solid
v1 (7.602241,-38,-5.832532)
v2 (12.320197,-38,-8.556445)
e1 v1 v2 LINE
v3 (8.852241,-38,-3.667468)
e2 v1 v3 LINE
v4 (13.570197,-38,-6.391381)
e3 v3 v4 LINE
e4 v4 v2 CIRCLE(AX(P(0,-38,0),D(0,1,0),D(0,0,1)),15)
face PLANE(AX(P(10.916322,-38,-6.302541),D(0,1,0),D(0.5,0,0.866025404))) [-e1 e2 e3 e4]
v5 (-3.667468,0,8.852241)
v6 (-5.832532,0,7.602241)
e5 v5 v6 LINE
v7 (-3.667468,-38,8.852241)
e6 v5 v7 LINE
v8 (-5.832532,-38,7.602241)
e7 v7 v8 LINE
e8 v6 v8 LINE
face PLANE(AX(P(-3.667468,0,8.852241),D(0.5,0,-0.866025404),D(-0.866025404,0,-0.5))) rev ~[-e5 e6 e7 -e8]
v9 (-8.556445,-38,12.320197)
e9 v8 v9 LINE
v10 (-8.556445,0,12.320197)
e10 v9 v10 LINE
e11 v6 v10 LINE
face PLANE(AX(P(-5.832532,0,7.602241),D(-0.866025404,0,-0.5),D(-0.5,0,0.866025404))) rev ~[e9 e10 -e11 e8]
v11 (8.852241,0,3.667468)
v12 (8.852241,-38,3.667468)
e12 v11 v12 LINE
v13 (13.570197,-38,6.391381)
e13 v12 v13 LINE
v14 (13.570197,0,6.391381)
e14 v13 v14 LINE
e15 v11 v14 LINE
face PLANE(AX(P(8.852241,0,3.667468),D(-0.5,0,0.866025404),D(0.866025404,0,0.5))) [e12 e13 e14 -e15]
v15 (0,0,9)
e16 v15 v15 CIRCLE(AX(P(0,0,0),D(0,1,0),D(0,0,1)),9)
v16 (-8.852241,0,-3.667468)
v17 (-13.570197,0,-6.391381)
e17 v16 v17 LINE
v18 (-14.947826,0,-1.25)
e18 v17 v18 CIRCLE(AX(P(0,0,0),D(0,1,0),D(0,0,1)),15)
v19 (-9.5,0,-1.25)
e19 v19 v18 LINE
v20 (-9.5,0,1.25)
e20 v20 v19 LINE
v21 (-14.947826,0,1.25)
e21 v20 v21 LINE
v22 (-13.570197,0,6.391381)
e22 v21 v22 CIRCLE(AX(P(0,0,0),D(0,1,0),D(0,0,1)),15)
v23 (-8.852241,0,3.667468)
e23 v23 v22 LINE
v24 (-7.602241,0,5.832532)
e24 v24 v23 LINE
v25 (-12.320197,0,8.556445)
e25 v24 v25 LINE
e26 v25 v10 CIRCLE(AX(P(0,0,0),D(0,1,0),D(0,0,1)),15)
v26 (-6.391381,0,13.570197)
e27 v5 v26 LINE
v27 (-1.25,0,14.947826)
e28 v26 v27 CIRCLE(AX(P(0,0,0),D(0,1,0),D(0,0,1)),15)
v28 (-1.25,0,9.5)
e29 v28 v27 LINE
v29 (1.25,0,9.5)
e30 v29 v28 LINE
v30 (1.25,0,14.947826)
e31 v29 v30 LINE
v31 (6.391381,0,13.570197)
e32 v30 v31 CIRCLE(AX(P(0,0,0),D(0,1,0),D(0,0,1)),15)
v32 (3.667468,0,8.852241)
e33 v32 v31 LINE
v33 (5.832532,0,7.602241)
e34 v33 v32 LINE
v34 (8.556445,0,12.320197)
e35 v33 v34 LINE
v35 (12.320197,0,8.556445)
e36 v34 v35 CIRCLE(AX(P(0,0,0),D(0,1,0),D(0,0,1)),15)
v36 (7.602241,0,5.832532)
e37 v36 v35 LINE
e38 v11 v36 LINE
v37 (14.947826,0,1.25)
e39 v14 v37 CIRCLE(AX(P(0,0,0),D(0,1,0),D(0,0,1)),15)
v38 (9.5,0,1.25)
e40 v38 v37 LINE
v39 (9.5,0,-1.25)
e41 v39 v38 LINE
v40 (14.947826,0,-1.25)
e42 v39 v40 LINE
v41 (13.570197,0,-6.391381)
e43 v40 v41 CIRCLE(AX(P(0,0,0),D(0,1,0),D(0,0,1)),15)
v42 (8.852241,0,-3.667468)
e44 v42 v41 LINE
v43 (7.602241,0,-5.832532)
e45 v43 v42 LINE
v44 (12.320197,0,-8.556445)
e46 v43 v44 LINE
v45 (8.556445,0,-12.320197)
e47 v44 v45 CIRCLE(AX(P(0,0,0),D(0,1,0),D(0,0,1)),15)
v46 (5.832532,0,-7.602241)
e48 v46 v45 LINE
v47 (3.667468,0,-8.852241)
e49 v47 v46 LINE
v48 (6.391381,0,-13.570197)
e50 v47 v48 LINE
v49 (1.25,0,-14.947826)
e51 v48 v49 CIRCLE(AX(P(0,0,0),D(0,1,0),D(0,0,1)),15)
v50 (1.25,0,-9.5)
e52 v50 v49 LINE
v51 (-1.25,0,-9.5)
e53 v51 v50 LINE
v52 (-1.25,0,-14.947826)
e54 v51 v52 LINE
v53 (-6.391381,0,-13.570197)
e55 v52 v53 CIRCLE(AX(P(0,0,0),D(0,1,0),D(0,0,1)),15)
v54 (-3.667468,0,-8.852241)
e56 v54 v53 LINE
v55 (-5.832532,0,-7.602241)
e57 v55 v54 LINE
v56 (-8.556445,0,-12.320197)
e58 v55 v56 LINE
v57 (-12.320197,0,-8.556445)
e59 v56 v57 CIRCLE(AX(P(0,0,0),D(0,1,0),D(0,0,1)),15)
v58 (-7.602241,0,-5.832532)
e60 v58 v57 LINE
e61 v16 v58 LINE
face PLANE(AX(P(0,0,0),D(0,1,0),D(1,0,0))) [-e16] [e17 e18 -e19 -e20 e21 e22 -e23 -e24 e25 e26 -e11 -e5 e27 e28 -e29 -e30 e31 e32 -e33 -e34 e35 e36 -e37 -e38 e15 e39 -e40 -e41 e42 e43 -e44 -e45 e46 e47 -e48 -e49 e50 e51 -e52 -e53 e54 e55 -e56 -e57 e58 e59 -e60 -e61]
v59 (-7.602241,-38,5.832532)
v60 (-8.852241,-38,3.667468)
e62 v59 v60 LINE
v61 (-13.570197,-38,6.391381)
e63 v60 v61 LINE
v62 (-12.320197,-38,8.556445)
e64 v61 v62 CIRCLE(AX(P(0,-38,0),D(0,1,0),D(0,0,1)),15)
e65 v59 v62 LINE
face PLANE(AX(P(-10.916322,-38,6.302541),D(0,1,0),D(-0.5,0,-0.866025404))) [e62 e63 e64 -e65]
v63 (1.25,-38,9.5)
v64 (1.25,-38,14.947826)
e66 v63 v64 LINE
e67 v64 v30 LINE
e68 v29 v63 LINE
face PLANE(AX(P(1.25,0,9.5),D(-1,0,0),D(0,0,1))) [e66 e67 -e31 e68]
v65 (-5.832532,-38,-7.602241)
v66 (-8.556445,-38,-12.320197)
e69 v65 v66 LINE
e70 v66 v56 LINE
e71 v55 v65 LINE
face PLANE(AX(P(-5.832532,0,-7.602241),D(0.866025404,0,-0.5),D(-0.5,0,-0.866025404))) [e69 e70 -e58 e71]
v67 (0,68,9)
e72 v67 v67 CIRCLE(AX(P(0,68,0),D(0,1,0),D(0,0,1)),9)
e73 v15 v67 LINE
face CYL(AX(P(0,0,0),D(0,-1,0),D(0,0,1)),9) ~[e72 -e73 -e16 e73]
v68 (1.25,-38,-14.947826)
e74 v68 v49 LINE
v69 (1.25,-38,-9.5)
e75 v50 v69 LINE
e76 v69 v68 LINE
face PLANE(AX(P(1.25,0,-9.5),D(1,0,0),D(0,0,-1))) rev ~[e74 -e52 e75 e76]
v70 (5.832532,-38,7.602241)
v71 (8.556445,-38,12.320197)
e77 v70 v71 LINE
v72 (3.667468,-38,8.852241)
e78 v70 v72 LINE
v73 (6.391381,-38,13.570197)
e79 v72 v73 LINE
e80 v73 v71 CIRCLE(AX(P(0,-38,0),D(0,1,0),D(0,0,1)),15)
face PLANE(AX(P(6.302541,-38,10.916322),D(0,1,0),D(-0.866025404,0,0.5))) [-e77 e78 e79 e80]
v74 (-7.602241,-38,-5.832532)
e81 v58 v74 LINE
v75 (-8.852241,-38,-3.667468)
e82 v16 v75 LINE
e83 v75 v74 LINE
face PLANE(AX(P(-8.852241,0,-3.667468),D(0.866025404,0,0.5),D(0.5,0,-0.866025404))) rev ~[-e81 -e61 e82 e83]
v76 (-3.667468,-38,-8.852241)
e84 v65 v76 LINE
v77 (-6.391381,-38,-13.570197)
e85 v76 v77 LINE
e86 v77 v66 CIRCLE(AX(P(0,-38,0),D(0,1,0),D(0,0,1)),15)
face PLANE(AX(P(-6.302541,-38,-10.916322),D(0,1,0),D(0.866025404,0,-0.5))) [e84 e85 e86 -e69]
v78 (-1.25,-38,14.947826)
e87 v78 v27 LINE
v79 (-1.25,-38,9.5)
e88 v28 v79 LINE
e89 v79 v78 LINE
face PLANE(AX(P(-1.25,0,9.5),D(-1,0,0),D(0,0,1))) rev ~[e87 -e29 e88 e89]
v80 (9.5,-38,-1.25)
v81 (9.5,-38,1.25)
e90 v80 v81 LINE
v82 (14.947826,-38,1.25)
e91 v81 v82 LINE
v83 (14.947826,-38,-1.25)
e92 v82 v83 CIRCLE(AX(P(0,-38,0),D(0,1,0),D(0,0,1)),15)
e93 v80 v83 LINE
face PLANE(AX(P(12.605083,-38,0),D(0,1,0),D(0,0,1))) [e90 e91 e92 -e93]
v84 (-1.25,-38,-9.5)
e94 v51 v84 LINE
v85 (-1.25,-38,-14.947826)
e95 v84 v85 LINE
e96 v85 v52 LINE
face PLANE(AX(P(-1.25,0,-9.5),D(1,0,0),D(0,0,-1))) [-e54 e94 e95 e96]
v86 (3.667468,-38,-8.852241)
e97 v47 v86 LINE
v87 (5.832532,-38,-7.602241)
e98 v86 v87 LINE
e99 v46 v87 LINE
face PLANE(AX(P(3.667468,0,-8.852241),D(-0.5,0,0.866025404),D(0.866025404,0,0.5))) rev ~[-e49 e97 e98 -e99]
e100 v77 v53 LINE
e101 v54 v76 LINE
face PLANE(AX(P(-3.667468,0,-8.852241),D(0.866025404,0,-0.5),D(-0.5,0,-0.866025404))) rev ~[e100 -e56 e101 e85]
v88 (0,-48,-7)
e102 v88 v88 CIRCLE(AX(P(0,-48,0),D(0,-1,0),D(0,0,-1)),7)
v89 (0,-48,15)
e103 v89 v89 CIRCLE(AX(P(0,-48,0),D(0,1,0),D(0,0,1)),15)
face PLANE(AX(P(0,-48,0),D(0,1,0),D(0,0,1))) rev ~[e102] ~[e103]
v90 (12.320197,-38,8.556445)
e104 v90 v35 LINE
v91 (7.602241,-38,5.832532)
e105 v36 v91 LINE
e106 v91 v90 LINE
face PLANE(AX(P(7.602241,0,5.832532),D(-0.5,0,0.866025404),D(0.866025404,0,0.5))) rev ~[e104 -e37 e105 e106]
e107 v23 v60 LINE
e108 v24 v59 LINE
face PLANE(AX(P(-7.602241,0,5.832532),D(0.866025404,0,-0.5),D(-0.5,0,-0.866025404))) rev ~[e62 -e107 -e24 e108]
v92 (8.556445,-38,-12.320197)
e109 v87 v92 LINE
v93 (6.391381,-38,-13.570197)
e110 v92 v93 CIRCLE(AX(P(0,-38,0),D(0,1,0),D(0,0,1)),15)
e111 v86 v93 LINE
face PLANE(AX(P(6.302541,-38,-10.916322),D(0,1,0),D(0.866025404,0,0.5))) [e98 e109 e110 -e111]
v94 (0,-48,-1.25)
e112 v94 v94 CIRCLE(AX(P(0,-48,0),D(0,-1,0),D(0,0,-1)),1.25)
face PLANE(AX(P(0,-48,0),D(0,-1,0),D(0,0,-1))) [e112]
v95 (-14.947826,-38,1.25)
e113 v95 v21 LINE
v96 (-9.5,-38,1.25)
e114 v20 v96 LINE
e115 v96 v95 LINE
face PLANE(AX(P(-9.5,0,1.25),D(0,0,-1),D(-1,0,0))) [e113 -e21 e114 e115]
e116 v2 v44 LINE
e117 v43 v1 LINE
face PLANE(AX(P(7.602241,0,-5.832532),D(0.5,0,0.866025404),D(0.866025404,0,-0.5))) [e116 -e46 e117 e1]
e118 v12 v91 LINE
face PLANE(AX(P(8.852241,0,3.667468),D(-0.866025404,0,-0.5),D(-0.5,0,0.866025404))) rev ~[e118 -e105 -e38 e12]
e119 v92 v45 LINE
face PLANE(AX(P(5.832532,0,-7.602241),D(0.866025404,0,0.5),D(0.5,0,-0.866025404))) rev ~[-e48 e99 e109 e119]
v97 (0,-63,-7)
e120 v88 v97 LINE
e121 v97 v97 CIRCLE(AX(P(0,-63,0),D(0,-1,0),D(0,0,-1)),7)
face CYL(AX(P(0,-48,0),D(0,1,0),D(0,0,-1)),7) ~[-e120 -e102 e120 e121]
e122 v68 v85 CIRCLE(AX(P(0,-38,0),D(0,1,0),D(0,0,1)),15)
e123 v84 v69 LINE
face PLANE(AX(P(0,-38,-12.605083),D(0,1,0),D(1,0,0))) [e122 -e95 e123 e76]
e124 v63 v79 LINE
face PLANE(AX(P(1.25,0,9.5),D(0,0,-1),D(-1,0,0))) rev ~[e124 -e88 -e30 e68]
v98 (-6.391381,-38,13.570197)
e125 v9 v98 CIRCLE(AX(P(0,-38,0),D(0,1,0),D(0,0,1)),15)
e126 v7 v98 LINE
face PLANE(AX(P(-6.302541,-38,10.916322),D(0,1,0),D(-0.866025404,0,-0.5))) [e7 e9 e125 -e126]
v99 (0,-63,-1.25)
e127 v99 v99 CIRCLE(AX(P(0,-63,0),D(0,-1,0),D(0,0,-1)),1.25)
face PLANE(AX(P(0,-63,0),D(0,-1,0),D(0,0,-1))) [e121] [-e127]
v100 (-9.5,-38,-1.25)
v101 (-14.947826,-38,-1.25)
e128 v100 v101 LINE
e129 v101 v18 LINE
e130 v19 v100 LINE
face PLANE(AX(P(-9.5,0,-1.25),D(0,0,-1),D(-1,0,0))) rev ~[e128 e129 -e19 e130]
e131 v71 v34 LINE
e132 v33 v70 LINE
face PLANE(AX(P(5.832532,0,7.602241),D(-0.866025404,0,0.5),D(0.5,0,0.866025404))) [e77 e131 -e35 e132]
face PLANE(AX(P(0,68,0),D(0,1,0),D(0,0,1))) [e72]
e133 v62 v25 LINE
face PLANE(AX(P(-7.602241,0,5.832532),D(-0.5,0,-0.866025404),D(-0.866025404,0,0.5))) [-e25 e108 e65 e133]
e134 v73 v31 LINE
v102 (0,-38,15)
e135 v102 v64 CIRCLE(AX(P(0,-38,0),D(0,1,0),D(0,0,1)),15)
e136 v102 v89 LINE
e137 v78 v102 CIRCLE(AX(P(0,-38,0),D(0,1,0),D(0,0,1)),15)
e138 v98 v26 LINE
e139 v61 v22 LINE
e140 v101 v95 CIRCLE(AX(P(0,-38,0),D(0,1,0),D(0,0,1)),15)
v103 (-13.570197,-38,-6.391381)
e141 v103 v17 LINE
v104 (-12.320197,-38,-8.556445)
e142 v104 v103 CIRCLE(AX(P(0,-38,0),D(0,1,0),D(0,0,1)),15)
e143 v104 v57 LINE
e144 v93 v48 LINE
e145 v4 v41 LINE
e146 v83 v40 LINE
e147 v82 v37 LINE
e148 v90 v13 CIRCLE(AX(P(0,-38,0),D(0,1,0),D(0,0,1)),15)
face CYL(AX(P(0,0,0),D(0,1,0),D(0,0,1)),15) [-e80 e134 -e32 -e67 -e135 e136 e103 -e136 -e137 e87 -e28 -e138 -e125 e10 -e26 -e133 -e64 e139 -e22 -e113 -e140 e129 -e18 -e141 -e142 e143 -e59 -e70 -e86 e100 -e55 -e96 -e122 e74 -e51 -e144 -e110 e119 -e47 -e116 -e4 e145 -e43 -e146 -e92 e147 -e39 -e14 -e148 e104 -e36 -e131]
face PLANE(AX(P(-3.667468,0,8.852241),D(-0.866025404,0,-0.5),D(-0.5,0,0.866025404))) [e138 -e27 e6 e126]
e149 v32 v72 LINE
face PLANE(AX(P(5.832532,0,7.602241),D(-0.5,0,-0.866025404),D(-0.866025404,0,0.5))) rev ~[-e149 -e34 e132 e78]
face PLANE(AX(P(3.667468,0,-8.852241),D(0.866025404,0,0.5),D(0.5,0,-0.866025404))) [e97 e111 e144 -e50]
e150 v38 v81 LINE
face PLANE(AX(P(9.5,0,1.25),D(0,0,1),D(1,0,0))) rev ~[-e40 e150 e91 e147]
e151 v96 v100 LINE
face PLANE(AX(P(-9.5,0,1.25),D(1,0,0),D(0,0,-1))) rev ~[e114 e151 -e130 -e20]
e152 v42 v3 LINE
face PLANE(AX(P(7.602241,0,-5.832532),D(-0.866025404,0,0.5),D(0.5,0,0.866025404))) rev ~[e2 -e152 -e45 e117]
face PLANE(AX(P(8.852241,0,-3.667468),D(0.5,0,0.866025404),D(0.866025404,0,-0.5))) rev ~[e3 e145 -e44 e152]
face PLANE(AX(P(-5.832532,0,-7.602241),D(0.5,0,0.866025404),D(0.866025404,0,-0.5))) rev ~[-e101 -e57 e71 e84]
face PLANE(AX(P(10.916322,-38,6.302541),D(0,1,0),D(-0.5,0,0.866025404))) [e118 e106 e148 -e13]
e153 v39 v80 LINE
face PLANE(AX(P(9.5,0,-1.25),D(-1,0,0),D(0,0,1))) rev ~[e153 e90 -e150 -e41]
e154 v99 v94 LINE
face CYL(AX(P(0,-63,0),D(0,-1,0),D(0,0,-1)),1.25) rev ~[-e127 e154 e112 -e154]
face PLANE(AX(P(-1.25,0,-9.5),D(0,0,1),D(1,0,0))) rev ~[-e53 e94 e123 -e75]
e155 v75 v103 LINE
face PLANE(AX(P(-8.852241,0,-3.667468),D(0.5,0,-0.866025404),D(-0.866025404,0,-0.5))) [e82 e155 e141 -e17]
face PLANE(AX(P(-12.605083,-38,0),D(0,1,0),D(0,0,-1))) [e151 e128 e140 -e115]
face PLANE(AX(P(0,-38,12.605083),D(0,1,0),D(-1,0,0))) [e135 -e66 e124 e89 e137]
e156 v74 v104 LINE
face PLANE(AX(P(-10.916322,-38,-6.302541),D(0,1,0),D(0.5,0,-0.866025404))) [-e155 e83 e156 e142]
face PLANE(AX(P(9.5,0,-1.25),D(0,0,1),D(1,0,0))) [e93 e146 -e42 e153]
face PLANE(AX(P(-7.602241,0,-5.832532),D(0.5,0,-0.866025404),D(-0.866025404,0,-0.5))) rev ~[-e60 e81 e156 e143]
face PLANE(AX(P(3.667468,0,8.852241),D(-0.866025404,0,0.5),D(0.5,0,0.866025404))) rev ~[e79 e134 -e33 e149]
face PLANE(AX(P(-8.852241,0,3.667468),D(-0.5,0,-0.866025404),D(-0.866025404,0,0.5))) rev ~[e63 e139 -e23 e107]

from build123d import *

# Parameters (mm, degrees)
SKETCH1_R           = 15
SKETCH1_R_2         = 9
BOSS_EXTRUDE1_DEPTH = 48
SKETCH1_4_R         = 9
BOSS_EXTRUDE2_DEPTH = 68
SKETCH2_R           = 7
BOSS_EXTRUDE3_DEPTH = 15
SKETCH3_W           = 2.5
SKETCH3_H           = 6.210165372
CUT_EXTRUDE1_DEPTH  = 38
CIRPATTERN1_COUNT   = 12
SKETCH4_R           = 1.25
CUT_EXTRUDE2_DEPTH  = 15


with BuildPart() as part:
    # Sketch1 → Boss-Extrude1 (new body)
    # profile 1 of 2: a face of its own
    with BuildSketch(Plane(origin=(0, 0, 0), x_dir=(1, 0, 0), z_dir=(0, 1, 0))):
        with Locations(Location((0, 0, 0), (0, 0, 270))):
            Circle(SKETCH1_R)
        Circle(SKETCH1_R_2, mode=Mode.SUBTRACT)
    # profile 2 of 2: a face of its own
    with BuildSketch(Plane(origin=(0, 0, 0), x_dir=(1, 0, 0), z_dir=(0, 1, 0))):
        Circle(SKETCH1_R_2)
    extrude(amount=-BOSS_EXTRUDE1_DEPTH)

    # Sketch1<4> → Boss-Extrude2 (add)
    with BuildSketch(Plane(origin=(0, 0, 0), x_dir=(1, 0, 0), z_dir=(0, 1, 0))):
        with Locations(Location((0, 0, 0), (0, 0, 270))):
            Circle(SKETCH1_4_R)
    extrude(amount=BOSS_EXTRUDE2_DEPTH)

    # Sketch2 → Boss-Extrude3 (add)
    with BuildSketch(Plane.XZ.offset(48)):
        with Locations(Location((0, 0, 0), (0, 0, 270))):
            Circle(SKETCH2_R)
    extrude(amount=BOSS_EXTRUDE3_DEPTH)

    # Sketch3 → Cut-Extrude1 (cut)
    with BuildSketch(Plane(origin=(0, 0, 0), x_dir=(1, 0, 0), z_dir=(0, 1, 0))):
        with Locations((0, 12.605082686)):
            Rectangle(SKETCH3_W, SKETCH3_H)
    cut_extrude1 = extrude(amount=-CUT_EXTRUDE1_DEPTH, mode=Mode.SUBTRACT)

    # CirPattern1: Cut-Extrude1 ×12 about axis
    cirpattern1_axis = Axis((0, 0, 0), (0, 1, 0))
    for i in range(1, CIRPATTERN1_COUNT):
        add(cut_extrude1.rotate(cirpattern1_axis, i * 360 / CIRPATTERN1_COUNT), mode=Mode.SUBTRACT)

    # Sketch4 → Cut-Extrude2 (cut)
    with BuildSketch(Plane.XZ.offset(63)):
        with Locations(Location((0, 0, 0), (0, 0, 270))):
            Circle(SKETCH4_R)
    extrude(amount=-CUT_EXTRUDE2_DEPTH, mode=Mode.SUBTRACT)


solid = part.part
